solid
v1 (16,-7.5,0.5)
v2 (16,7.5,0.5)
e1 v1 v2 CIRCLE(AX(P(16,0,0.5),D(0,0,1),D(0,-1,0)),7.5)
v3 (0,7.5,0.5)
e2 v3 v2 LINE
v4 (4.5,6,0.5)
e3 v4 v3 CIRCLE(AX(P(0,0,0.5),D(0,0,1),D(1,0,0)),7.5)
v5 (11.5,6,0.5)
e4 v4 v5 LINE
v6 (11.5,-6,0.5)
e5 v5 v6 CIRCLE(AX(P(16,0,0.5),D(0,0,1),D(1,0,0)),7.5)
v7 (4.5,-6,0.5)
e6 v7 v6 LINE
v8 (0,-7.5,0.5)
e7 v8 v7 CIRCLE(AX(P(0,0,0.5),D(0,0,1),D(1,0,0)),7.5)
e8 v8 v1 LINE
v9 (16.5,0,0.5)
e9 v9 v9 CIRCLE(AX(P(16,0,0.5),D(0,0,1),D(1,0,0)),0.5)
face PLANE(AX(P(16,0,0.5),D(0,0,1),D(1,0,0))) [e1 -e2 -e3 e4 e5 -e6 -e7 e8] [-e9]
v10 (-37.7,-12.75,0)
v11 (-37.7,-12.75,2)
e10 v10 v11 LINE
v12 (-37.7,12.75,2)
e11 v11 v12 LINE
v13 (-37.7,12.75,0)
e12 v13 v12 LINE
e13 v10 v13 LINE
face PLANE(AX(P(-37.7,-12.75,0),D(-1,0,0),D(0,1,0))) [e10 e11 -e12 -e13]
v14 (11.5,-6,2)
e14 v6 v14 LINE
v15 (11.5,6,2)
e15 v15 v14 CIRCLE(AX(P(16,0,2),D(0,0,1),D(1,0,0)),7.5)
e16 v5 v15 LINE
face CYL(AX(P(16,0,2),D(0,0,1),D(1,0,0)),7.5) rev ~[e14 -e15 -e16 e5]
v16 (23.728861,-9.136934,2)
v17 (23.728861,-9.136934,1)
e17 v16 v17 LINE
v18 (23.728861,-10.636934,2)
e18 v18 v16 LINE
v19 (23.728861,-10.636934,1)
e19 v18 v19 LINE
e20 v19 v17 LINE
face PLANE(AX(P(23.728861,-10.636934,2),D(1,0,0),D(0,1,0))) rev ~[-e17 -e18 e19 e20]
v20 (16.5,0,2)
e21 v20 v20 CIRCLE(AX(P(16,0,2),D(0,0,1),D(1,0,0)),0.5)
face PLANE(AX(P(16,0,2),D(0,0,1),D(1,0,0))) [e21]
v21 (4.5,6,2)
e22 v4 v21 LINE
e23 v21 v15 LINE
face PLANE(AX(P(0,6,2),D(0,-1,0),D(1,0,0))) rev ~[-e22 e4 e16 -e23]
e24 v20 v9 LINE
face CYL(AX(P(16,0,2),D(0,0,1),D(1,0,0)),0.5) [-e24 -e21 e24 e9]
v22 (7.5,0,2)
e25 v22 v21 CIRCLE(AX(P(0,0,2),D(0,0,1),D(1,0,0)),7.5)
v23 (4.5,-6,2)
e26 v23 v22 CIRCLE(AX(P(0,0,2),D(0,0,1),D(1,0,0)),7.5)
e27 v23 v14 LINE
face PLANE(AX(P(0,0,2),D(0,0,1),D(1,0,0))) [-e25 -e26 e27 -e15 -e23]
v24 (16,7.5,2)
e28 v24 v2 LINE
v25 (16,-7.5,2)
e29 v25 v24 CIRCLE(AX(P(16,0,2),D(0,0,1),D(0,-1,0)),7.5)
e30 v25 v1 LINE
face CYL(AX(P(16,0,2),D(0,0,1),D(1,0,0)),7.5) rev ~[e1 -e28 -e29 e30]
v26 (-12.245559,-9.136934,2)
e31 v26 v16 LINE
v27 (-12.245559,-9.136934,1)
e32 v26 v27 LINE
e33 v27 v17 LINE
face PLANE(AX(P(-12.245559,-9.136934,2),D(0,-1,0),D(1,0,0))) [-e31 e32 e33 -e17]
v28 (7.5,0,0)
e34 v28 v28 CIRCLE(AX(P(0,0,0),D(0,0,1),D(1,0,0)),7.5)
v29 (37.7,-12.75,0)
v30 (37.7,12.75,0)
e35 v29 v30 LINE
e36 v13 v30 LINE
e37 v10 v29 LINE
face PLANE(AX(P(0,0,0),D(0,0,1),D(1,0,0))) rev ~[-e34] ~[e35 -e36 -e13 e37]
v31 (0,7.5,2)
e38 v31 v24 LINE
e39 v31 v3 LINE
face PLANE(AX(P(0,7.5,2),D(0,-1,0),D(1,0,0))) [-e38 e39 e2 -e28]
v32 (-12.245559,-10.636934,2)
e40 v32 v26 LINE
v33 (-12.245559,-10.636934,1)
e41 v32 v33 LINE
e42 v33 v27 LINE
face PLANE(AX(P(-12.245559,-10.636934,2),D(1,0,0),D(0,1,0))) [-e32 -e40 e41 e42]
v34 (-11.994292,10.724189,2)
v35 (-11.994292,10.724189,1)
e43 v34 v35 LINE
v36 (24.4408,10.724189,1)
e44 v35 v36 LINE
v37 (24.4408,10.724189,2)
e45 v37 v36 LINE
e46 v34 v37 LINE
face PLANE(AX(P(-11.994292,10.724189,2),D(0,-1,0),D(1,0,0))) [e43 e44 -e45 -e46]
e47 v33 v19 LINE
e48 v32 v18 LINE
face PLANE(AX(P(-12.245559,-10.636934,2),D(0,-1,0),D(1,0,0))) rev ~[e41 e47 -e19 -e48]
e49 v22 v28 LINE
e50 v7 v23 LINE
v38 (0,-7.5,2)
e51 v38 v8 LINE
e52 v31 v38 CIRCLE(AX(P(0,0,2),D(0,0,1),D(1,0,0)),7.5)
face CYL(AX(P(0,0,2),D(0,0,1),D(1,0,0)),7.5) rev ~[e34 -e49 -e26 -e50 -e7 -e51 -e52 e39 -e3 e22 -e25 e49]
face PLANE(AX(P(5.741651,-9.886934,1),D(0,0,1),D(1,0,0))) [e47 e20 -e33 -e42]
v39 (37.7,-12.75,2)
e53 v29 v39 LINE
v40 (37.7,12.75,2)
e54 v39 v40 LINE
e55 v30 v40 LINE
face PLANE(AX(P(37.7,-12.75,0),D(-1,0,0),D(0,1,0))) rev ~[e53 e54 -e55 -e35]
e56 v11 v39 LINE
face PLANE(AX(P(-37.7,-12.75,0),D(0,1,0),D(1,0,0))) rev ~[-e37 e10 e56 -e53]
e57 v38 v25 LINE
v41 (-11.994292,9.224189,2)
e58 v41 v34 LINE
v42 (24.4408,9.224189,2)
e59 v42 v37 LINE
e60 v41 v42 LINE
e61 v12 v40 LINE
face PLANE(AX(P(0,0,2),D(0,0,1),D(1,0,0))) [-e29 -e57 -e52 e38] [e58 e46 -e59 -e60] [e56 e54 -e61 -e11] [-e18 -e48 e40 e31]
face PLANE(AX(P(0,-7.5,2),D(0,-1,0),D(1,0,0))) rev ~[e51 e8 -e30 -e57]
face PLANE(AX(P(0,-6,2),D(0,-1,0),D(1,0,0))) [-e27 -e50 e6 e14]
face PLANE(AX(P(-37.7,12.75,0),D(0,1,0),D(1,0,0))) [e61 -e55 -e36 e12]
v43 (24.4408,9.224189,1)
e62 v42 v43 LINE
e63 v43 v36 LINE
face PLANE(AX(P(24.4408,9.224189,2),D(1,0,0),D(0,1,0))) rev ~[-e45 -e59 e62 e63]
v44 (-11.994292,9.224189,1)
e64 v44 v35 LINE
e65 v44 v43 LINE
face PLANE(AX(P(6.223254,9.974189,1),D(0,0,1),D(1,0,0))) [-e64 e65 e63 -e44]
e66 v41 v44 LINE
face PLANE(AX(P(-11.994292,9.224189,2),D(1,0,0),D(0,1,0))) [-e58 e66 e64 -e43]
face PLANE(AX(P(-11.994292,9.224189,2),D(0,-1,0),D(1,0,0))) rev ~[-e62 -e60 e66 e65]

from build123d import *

# Parameters (mm, degrees)
SKETCH_W        = 75.4
SKETCH_H        = 25.5
PAD_DEPTH       = 2
SKETCH001_R     = 7.5
POCKET_DEPTH    = 2
SKETCH002_R     = 7.5
POCKET001_DEPTH = 1.5
SKETCH003_R     = 0.5
PAD001_DEPTH    = 2
SKETCH004_W     = 16
SKETCH004_H     = 1.5
POCKET002_DEPTH = 1.5
SKETCH006_W     = 36.435092
SKETCH006_H     = 1.5
SKETCH006_W_2   = 35.97442
POCKET003_DEPTH = 1


with BuildPart() as part:
    # Sketch → Pad (new body)
    with BuildSketch(Plane.XY):
        Rectangle(SKETCH_W, SKETCH_H)
    extrude(amount=PAD_DEPTH)

    # Sketch001 (on Face6 of Pad) → Pocket (cut)
    with BuildSketch(Plane.XY.offset(2)):
        Circle(SKETCH001_R)
    extrude(amount=-POCKET_DEPTH, mode=Mode.SUBTRACT)

    # Sketch002 (on Face5 of Pocket) → Pocket001 (cut)
    with BuildSketch(Plane.XY.offset(2)):
        with Locations((16, 0)):
            Circle(SKETCH002_R)
    extrude(amount=-POCKET001_DEPTH, mode=Mode.SUBTRACT)

    # Sketch003 (on Face5 of Pocket001) → Pad001 (join)
    with BuildSketch(Plane.XY.offset(2)):
        with Locations((16, 0)):
            Circle(SKETCH003_R)
    extrude(amount=-PAD001_DEPTH)

    # Sketch004 (on Face5 of Pad001) → Pocket002 (cut)
    with BuildSketch(Plane.XY.offset(2)):
        with Locations((8, 6.75)):
            Rectangle(SKETCH004_W, SKETCH004_H)
        with Locations((8, -6.75)):
            Rectangle(SKETCH004_W, SKETCH004_H)
    extrude(amount=-POCKET002_DEPTH, mode=Mode.SUBTRACT)

    # Sketch006 (on Face5 of Pocket002) → Pocket003 (cut)
    with BuildSketch(Plane.XY.offset(2)):
        with Locations((6.223254, 9.974189)):
            Rectangle(SKETCH006_W, SKETCH006_H)
        with Locations((5.741651, -9.886934)):
            Rectangle(SKETCH006_W_2, SKETCH006_H)
    extrude(amount=-POCKET003_DEPTH, mode=Mode.SUBTRACT)


solid = part.part
